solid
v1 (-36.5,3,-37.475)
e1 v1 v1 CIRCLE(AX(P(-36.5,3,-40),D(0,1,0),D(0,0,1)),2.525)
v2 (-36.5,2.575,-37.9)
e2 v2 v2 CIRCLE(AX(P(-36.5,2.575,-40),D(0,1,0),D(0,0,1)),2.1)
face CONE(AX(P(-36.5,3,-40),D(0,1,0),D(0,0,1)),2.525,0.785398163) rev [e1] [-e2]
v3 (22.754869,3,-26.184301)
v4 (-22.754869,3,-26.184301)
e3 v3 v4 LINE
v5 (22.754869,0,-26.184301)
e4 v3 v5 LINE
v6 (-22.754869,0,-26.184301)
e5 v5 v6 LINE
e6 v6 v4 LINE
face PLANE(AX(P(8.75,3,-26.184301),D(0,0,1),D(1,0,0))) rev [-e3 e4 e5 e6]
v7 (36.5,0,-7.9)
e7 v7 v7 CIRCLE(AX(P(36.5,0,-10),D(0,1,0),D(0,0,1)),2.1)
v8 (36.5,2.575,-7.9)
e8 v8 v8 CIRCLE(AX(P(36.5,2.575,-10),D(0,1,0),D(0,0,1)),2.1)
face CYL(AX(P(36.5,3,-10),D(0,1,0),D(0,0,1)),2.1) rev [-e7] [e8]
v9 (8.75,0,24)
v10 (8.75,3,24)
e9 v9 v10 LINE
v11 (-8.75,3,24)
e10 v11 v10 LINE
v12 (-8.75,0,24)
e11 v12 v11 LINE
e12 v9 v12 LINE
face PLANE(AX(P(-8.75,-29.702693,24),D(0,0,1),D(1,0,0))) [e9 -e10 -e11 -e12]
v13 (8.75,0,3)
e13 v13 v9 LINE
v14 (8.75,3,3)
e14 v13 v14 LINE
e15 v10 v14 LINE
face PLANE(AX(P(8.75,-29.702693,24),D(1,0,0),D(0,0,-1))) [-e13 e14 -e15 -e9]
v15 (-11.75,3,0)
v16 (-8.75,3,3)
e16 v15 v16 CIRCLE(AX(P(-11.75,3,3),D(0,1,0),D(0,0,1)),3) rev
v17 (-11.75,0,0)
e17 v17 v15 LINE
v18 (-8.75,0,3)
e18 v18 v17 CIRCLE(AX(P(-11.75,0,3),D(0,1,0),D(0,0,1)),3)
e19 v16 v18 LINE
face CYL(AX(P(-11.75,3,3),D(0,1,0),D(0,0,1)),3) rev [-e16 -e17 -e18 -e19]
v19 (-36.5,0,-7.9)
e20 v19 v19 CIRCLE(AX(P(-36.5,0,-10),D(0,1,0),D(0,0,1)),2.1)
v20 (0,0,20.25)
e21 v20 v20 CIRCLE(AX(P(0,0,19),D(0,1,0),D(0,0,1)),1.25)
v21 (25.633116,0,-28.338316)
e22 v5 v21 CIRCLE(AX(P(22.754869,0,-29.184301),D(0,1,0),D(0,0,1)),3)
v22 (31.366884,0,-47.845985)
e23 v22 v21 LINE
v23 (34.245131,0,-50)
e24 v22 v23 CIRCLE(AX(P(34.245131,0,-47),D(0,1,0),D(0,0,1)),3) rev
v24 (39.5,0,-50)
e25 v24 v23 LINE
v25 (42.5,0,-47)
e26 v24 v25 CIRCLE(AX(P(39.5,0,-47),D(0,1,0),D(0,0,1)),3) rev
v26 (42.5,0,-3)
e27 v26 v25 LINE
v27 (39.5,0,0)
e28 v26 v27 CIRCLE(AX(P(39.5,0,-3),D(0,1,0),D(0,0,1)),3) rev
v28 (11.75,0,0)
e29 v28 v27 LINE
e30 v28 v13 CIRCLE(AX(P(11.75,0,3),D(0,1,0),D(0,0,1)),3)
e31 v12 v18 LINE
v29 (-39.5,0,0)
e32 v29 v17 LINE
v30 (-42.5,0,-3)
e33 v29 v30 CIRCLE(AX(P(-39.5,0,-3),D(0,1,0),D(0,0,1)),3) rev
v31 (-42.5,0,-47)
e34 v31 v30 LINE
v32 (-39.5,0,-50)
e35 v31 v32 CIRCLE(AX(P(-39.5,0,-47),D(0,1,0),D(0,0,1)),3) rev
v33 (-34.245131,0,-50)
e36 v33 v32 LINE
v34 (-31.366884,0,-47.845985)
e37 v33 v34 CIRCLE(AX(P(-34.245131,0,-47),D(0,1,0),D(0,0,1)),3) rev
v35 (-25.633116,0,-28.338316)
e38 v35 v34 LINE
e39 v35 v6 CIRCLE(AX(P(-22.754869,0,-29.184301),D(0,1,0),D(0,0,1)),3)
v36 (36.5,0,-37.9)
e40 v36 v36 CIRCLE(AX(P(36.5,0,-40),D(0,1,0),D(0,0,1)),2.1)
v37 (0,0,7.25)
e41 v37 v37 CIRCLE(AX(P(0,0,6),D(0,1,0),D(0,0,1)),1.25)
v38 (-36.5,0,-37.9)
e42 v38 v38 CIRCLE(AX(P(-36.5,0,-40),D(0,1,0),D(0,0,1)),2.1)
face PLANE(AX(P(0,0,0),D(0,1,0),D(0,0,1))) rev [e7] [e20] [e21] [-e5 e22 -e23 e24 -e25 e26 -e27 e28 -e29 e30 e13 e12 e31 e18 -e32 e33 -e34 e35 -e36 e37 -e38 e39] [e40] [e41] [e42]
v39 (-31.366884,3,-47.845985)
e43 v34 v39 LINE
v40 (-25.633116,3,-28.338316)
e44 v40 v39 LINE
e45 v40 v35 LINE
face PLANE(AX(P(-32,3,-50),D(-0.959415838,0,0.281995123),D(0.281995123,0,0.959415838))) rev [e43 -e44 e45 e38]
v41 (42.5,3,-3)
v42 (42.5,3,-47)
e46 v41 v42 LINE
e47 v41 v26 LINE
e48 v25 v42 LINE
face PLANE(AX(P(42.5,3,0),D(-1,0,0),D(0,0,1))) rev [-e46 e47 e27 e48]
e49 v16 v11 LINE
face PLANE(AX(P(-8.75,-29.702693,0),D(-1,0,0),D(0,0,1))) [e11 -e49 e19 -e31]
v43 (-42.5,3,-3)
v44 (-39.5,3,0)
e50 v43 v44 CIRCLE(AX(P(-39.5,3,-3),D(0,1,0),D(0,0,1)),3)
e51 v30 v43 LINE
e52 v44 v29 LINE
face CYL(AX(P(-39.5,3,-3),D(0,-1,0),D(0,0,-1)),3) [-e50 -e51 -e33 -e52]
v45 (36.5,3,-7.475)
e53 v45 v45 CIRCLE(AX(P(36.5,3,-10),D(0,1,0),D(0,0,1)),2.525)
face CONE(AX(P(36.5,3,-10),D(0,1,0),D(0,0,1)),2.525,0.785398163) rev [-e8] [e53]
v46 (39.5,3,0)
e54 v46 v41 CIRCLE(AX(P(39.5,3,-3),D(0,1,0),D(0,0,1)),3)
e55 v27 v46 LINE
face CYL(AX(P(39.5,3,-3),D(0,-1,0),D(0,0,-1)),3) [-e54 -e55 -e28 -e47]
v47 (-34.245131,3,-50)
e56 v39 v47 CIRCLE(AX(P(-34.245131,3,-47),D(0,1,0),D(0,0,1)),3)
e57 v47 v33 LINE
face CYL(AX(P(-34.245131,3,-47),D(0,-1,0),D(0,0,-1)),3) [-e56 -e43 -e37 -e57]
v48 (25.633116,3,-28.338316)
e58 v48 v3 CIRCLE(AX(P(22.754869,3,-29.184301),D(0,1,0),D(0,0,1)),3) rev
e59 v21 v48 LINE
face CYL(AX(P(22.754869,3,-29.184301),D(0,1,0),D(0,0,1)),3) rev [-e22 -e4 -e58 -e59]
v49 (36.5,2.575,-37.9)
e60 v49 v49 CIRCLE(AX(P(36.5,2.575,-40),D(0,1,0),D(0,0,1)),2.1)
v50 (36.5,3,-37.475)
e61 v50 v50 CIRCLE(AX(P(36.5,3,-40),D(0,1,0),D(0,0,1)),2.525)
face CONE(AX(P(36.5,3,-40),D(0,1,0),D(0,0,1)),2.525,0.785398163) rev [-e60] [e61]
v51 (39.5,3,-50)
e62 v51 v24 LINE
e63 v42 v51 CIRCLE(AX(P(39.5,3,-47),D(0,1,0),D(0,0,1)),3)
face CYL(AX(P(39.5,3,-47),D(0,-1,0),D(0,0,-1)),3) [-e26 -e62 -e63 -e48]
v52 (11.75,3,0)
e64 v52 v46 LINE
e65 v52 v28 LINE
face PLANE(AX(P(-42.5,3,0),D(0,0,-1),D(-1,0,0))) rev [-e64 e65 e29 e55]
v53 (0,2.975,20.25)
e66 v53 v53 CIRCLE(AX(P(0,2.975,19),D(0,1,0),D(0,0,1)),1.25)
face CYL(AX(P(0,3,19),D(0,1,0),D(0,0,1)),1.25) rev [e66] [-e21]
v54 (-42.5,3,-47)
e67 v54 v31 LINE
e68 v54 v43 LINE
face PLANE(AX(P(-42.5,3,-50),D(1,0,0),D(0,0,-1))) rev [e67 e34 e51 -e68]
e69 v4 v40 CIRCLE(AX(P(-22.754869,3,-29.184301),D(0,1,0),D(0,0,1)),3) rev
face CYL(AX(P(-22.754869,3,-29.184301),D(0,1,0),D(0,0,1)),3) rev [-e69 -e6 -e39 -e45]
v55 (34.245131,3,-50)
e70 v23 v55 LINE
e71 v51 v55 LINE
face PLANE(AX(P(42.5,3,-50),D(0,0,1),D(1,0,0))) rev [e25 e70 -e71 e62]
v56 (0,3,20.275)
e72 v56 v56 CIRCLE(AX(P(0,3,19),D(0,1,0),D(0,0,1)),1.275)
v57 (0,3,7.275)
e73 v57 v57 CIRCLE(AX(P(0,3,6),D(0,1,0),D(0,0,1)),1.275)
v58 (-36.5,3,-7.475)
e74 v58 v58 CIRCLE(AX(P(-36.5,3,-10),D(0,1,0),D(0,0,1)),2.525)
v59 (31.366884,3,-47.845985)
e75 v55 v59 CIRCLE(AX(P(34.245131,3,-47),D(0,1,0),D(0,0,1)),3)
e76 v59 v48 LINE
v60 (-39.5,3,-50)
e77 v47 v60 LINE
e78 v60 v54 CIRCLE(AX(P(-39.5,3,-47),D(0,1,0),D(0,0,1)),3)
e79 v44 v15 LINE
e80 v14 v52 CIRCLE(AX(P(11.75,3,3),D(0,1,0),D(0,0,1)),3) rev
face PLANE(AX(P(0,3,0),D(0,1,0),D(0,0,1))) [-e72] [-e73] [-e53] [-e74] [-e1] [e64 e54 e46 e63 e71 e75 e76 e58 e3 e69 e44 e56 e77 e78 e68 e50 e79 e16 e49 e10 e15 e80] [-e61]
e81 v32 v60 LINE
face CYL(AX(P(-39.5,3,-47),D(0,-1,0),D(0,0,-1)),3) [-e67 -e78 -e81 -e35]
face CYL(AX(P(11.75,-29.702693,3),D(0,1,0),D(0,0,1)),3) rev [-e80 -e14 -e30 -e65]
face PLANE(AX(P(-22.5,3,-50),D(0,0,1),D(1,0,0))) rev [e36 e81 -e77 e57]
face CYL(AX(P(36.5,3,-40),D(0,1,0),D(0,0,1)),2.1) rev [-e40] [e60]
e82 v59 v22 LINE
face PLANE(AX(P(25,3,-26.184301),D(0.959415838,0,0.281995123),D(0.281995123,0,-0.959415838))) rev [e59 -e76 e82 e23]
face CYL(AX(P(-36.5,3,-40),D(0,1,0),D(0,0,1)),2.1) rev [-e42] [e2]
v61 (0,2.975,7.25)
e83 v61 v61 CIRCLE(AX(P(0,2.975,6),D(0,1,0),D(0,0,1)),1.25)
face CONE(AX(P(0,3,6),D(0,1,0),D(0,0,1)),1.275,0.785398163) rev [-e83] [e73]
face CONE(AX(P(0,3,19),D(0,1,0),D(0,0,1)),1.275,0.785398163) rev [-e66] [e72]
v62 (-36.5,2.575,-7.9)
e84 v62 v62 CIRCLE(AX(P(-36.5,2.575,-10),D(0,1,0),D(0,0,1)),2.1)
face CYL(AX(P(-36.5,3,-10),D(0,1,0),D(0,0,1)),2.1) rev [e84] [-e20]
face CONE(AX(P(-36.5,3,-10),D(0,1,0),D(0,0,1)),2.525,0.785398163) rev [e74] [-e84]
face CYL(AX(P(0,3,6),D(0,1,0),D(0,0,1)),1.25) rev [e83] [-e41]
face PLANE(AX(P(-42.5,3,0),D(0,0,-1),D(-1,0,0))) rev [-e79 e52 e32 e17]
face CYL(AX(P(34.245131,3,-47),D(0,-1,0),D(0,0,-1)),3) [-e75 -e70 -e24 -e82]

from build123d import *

# Parameters (mm, degrees)
BOSS_EXTRUDE1_DEPTH                  = 3
SKETCH10_W                           = 17.5
SKETCH10_H                           = 24
BOSS_EXTRUDE2_DEPTH                  = 3
F_2_5_2_5_DIAMETER_HOLE1_D           = 2.5
F_2_5_2_5_DIAMETER_HOLE1_DEPTH       = 6.35
F_2_5_2_5_DIAMETER_HOLE1_CSINK_D     = 2.55
F_2_5_2_5_DIAMETER_HOLE1_CSINK_ANGLE = 90
F_2_5_2_5_DIAMETER_HOLE1_TIP         = 0.751075774
M5X0_8_TAPPED_HOLE1_D                = 4.2
M5X0_8_TAPPED_HOLE1_DEPTH            = 12.4
M5X0_8_TAPPED_HOLE1_CSINK_D          = 5.05
M5X0_8_TAPPED_HOLE1_CSINK_ANGLE      = 90
M5X0_8_TAPPED_HOLE1_TIP              = 1.2618073
CUT_EXTRUDE3_DEPTH                   = 4
FILLET1_R                            = 3


with BuildPart() as part:
    # Sketch2 → Boss-Extrude1 (new body)
    with BuildSketch(Plane(origin=(0, 0, 0), x_dir=(1, 0, 0), z_dir=(0, 1, 0))):
        Polygon((42.5, 0), (42.5, 50), (22.5, 50), (8.75, 26.184301396), (-8.75, 26.184301396), (-22.5, 50), (-42.5, 50), (-42.5, 0), align=None)
    extrude(amount=BOSS_EXTRUDE1_DEPTH)

    # Sketch10 → Boss-Extrude2 (add)
    with BuildSketch(Plane(origin=(0, 3, 0), x_dir=(1, 0, 0), z_dir=(0, 1, 0))):
        with Locations((0, -12)):
            Rectangle(SKETCH10_W, SKETCH10_H)
    extrude(amount=-BOSS_EXTRUDE2_DEPTH)

    # Ø2.5 (2.5) Diameter Hole1
    with Locations(Plane(origin=(0, 3, 0), x_dir=(1, 0, 0), z_dir=(0, 1, 0))):
        with Locations((0, -19), (0, -6)):
            CounterSinkHole(F_2_5_2_5_DIAMETER_HOLE1_D / 2, F_2_5_2_5_DIAMETER_HOLE1_CSINK_D / 2, depth=F_2_5_2_5_DIAMETER_HOLE1_DEPTH, counter_sink_angle=F_2_5_2_5_DIAMETER_HOLE1_CSINK_ANGLE)
            with Locations((0, 0, -(F_2_5_2_5_DIAMETER_HOLE1_DEPTH + F_2_5_2_5_DIAMETER_HOLE1_TIP / 2))):  # 118° drill point
                Cone(0, F_2_5_2_5_DIAMETER_HOLE1_D / 2, F_2_5_2_5_DIAMETER_HOLE1_TIP, mode=Mode.SUBTRACT)

    # M5x0.8 Tapped Hole1
    with Locations(Plane(origin=(0, 3, 0), x_dir=(1, 0, 0), z_dir=(0, 1, 0))):
        with Locations((-36.5, 40), (36.5, 40), (-36.5, 10), (36.5, 10)):
            CounterSinkHole(M5X0_8_TAPPED_HOLE1_D / 2, M5X0_8_TAPPED_HOLE1_CSINK_D / 2, depth=M5X0_8_TAPPED_HOLE1_DEPTH, counter_sink_angle=M5X0_8_TAPPED_HOLE1_CSINK_ANGLE)
            with Locations((0, 0, -(M5X0_8_TAPPED_HOLE1_DEPTH + M5X0_8_TAPPED_HOLE1_TIP / 2))):  # 118° drill point
                Cone(0, M5X0_8_TAPPED_HOLE1_D / 2, M5X0_8_TAPPED_HOLE1_TIP, mode=Mode.SUBTRACT)

    # Sketch9 → Cut-Extrude3 (cut, through all)
    with BuildSketch(Plane.XZ):
        Polygon((-32, -50), (-25, -26.184301396), (25, -26.184301396), (32, -50), align=None)
    extrude(amount=-CUT_EXTRUDE3_DEPTH, mode=Mode.SUBTRACT)

    # Fillet1
    fillet1_edges = [part.edges().sort_by_distance(p)[0] for p in [
        (25, 1.5, -26.184301396),
        (-42.5, 1.5, 0),
        (-42.5, 1.5, -50),
        (42.5, 1.5, -50),
        (42.5, 1.5, 0),
        (-8.75, 1.5, 0),
        (8.75, 1.5, 0),
        (32, 1.5, -50),
        (-25, 1.5, -26.184301396),
        (-32, 1.5, -50),
    ]]
    fillet(fillet1_edges, radius=FILLET1_R)


solid = part.part
